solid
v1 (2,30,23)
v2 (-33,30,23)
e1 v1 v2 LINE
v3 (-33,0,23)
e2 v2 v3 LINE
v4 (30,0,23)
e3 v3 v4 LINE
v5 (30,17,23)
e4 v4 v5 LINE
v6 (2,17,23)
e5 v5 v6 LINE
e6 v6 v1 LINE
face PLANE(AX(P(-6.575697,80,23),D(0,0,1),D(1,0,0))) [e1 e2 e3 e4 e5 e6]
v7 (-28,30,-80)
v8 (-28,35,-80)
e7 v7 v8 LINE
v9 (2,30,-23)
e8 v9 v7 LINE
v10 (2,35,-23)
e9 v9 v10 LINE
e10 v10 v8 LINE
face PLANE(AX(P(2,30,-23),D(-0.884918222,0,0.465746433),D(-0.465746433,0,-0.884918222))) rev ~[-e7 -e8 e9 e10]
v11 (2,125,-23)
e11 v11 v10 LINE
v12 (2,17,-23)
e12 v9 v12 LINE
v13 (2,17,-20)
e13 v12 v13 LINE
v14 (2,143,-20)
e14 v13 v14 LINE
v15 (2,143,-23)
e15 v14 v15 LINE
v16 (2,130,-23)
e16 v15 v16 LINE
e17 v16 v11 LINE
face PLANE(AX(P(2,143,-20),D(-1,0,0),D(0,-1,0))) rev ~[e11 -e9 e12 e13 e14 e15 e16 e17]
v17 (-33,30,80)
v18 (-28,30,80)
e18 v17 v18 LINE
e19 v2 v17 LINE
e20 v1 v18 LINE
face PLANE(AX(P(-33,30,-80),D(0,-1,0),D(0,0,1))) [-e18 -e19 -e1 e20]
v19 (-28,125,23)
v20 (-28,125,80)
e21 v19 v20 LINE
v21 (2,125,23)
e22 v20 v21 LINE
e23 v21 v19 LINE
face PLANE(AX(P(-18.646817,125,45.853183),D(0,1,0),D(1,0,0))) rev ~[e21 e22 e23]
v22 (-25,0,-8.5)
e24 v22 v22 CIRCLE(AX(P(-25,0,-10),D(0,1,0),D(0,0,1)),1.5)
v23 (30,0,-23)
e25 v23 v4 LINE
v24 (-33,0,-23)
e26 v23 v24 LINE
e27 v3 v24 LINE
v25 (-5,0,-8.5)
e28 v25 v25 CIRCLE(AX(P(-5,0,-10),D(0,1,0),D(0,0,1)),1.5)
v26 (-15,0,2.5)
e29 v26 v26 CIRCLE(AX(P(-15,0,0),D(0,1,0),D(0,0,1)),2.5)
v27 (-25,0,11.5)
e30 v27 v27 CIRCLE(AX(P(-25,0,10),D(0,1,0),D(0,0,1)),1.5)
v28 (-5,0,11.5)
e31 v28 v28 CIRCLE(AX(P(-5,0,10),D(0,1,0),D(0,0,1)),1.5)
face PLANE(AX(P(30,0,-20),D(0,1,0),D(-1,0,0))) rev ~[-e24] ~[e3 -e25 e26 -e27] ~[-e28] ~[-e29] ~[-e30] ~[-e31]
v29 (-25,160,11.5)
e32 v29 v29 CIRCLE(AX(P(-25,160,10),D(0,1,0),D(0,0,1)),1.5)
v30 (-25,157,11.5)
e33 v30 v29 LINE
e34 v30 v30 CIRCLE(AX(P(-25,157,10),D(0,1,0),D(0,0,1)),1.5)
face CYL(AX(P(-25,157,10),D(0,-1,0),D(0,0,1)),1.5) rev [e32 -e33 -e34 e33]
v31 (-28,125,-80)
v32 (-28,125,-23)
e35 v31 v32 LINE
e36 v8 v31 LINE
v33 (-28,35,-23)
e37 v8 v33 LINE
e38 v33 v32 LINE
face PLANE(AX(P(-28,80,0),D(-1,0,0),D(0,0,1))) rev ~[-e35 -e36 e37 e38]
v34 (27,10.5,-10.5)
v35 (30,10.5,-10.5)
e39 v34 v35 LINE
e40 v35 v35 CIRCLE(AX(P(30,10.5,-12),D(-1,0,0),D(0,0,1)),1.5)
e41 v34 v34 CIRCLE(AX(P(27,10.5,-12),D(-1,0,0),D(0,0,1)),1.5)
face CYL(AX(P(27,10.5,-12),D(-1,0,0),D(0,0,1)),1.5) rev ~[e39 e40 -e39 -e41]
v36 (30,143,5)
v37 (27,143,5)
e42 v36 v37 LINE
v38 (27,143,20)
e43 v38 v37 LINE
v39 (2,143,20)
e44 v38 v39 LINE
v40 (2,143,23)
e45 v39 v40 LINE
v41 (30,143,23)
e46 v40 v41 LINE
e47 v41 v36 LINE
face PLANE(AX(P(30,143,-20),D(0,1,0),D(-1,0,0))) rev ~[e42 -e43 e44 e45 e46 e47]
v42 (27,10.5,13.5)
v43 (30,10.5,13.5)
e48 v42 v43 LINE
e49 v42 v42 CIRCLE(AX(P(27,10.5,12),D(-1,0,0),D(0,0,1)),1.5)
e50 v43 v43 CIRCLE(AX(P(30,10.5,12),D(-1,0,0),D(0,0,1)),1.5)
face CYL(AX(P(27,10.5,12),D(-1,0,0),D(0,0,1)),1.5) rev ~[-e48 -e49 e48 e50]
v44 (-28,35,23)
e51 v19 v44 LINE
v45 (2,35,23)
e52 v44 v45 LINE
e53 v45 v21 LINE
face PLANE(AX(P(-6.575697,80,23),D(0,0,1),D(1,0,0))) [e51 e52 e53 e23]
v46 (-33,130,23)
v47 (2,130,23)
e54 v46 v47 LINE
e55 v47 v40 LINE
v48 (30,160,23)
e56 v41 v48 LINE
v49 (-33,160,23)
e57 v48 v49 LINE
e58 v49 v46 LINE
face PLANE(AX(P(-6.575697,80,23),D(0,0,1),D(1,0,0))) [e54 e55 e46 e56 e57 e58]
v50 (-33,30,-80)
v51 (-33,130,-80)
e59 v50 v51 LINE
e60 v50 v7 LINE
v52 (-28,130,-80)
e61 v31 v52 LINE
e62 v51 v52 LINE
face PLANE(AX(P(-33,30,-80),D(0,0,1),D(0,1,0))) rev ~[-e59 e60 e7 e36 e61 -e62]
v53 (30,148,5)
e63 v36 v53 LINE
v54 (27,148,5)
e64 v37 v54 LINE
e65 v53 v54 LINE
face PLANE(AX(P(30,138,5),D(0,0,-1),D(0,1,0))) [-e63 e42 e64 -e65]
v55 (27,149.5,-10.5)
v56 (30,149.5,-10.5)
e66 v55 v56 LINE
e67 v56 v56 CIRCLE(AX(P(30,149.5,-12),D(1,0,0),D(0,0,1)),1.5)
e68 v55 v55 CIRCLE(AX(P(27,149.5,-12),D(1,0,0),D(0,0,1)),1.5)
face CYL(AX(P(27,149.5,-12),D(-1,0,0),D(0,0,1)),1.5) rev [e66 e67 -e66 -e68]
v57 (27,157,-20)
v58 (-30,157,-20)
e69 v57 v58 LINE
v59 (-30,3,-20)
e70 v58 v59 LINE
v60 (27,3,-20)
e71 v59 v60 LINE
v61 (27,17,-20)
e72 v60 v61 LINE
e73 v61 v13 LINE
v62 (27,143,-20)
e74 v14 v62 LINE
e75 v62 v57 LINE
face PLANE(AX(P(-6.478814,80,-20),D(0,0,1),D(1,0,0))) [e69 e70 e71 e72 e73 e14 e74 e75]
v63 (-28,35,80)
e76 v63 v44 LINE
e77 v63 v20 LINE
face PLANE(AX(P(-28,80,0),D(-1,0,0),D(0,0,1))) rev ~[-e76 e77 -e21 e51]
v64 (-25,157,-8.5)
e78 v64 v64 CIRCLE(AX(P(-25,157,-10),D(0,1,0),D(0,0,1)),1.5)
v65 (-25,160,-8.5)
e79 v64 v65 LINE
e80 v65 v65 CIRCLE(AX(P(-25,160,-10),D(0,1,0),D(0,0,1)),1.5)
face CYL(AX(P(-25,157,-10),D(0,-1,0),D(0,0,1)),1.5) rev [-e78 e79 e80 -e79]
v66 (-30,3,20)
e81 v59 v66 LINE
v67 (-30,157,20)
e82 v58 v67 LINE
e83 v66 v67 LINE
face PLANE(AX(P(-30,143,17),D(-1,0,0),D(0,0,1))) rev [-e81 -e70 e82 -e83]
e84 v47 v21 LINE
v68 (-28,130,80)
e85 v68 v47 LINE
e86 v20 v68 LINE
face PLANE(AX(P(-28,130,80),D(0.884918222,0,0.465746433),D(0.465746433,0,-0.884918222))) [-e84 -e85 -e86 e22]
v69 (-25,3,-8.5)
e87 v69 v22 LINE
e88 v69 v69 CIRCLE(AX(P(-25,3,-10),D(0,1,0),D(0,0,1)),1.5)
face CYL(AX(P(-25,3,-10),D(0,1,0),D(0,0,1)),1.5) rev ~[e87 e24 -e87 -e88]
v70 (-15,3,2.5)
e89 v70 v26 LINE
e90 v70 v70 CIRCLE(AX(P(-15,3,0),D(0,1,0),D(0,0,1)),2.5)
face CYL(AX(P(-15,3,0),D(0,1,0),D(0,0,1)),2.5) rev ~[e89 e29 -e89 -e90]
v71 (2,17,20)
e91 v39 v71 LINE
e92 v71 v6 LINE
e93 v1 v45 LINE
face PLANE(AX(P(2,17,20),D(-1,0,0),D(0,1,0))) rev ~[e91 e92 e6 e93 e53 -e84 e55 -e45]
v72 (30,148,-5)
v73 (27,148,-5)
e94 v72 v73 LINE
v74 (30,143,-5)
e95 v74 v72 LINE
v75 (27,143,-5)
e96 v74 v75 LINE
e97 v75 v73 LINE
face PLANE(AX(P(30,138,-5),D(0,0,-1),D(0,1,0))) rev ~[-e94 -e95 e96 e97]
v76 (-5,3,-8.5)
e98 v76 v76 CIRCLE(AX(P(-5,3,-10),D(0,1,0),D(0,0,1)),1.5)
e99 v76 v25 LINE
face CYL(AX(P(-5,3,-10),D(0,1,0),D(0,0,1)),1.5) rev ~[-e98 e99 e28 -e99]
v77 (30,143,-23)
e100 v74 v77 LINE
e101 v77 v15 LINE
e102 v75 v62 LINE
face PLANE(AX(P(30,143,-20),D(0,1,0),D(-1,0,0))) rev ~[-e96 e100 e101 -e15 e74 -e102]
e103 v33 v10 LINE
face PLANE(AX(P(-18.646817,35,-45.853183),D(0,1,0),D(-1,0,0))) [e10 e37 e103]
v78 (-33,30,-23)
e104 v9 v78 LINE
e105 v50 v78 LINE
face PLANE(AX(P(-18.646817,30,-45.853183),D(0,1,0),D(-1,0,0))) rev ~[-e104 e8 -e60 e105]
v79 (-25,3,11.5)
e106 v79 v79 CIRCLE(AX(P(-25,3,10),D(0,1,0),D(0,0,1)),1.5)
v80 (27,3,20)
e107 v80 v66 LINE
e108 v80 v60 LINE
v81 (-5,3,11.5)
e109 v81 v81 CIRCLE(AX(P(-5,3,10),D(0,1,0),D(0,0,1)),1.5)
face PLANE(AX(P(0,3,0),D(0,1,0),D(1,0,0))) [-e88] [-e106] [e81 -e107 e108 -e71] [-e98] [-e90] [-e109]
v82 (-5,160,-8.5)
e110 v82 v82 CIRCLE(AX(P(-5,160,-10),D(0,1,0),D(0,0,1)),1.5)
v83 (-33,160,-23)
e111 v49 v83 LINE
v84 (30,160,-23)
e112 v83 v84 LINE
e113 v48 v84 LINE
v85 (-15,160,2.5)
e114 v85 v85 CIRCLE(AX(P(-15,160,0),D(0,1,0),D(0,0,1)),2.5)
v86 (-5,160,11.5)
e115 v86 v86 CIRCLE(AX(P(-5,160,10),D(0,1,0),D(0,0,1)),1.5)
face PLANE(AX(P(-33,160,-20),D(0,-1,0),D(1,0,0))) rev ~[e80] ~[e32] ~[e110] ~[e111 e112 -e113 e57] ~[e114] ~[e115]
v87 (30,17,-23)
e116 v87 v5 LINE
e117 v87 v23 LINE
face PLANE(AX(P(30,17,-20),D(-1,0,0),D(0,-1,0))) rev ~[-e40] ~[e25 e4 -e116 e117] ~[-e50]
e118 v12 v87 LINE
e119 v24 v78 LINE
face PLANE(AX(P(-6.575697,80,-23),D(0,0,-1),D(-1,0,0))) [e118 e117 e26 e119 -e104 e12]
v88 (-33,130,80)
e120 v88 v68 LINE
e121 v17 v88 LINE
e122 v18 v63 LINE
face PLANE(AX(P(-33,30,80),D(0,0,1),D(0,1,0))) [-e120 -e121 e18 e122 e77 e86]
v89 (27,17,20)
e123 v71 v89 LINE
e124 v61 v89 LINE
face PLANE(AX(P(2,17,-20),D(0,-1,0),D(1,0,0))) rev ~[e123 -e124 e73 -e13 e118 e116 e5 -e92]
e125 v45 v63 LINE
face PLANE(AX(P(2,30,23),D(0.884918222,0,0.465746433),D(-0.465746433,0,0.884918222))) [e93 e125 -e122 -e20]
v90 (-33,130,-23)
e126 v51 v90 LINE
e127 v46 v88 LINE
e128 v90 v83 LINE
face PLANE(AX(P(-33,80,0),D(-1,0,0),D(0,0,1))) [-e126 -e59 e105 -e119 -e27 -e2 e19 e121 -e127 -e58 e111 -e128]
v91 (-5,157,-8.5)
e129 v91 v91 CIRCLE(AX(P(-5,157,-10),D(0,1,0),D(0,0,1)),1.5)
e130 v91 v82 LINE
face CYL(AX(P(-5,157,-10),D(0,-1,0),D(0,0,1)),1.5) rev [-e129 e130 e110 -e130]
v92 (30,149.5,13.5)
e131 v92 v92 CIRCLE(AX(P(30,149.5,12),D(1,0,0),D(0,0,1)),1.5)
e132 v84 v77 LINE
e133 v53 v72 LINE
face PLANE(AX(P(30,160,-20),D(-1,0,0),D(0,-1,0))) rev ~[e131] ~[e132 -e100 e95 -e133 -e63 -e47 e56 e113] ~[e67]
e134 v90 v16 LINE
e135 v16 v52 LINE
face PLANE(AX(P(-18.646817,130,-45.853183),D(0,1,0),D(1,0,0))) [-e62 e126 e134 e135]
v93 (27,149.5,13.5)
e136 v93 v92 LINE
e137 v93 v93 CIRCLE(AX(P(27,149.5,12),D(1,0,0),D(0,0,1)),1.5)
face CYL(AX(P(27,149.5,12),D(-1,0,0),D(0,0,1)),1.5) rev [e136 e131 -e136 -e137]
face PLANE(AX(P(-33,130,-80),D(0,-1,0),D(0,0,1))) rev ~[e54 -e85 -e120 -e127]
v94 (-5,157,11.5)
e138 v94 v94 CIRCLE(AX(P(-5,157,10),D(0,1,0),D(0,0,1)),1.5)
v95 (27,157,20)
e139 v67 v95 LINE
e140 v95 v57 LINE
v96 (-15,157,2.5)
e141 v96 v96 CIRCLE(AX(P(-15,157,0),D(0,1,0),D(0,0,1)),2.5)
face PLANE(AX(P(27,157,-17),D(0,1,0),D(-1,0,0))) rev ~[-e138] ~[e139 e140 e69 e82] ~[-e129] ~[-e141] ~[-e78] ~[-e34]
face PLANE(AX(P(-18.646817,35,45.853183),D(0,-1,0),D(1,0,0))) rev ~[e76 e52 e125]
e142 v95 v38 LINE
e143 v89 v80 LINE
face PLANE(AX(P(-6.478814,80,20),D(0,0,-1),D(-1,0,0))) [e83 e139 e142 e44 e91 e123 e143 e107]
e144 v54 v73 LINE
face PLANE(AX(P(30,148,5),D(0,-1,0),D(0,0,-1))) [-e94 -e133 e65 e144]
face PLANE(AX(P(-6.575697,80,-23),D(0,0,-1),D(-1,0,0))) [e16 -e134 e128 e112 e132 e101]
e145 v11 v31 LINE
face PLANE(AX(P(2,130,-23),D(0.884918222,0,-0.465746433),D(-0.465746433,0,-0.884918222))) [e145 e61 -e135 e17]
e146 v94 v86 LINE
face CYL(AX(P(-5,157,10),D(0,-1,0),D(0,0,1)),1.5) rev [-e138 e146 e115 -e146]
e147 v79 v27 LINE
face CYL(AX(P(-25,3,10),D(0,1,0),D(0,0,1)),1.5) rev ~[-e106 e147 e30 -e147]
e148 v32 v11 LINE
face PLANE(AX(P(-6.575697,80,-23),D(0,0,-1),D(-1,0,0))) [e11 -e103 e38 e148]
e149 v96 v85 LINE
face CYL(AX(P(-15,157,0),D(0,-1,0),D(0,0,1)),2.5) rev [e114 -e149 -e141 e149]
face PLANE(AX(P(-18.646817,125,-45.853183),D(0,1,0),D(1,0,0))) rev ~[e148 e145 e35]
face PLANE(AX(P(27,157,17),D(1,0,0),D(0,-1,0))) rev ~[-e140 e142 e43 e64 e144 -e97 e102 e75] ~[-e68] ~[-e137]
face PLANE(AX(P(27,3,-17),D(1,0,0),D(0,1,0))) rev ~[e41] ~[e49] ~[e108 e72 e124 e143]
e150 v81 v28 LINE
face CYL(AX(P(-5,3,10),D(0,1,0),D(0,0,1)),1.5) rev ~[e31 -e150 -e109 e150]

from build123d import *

# Parameters (mm, degrees)
SKETCH1_W       = 60
SKETCH1_H       = 40
EXTRUDE1_DEPTH  = 3
SKETCH2_W       = 3
SKETCH2_H       = 40
EXTRUDE2_DEPTH  = 14
SKETCH4_R       = 1.5
EXTRUDE3_DEPTH  = 15
SKETCH5_W       = 57
SKETCH5_H       = 14
EXTRUDE4_DEPTH  = 3
SKETCH6_W       = 57
SKETCH6_H       = 14
EXTRUDE5_DEPTH  = 3
SKETCH7_R       = 1.5
EXTRUDE6_DEPTH  = 3
SKETCH8_R       = 2.5
EXTRUDE7_DEPTH  = 3
SKETCH9_W       = 40
SKETCH9_H       = 17
EXTRUDE8_DEPTH  = 3
EXTRUDE9_DEPTH  = 63
EXTRUDE10_DEPTH = 3
EXTRUDE11_DEPTH = 3
EXTRUDE12_DEPTH = 3
EXTRUDE13_DEPTH = 3
SKETCH15_W      = 160
SKETCH15_H      = 100
EXTRUDE14_DEPTH = 5
EXTRUDE15_DEPTH = 5
EXTRUDE16_DEPTH = 5
SKETCH18_W      = 40
SKETCH18_H      = 100
EXTRUDE17_DEPTH = 2
SKETCH19_W      = 10
SKETCH19_H      = 10
EXTRUDE18_DEPTH = 5


with BuildPart() as part:
    # Sketch1 → Extrude1 (new body)
    with BuildSketch(Plane(origin=(0, 0, 0), x_dir=(1, 0, 0), z_dir=(0, 1, 0))):
        Rectangle(SKETCH1_W, SKETCH1_H)
    extrude(amount=EXTRUDE1_DEPTH)

    # Sketch2 → Extrude2 (add)
    with BuildSketch(Plane(origin=(0, 3, 0), x_dir=(1, 0, 0), z_dir=(0, 1, 0))):
        with Locations((28.5, 0)):
            Rectangle(SKETCH2_W, SKETCH2_H)
    extrude(amount=EXTRUDE2_DEPTH)

    # Sketch4 → Extrude3 (cut)
    with BuildSketch(Plane.ZY.offset(-27)):
        with Locations((-12, 10.5)):
            Circle(SKETCH4_R)
        with Locations((12, 10.5)):
            Circle(SKETCH4_R)
    extrude(amount=-EXTRUDE3_DEPTH, mode=Mode.SUBTRACT)

    # Sketch5 → Extrude4 (add)
    with BuildSketch(Plane(origin=(0, 0, -20), x_dir=(-1, 0, 0), z_dir=(0, 0, -1))):
        with Locations((1.5, 10)):
            Rectangle(SKETCH5_W, SKETCH5_H)
    extrude(amount=-EXTRUDE4_DEPTH)

    # Sketch6 → Extrude5 (add)
    with BuildSketch(Plane.XY.offset(20)):
        with Locations((-1.5, 10)):
            Rectangle(SKETCH6_W, SKETCH6_H)
    extrude(amount=-EXTRUDE5_DEPTH)

    # Sketch7 → Extrude6 (cut)
    with BuildSketch(Plane(origin=(0, 3, 0), x_dir=(1, 0, 0), z_dir=(0, 1, 0))):
        with Locations(Location((-5, 10, 0), (0, 0, 270))):
            Circle(SKETCH7_R)
        with Locations(Location((-25, 10, 0), (0, 0, 270))):
            Circle(SKETCH7_R)
        with Locations(Location((-25, -10, 0), (0, 0, 270))):
            Circle(SKETCH7_R)
        with Locations(Location((-5, -10, 0), (0, 0, 270))):
            Circle(SKETCH7_R)
    extrude(amount=-EXTRUDE6_DEPTH, mode=Mode.SUBTRACT)

    # Sketch8 → Extrude7 (cut)
    with BuildSketch(Plane(origin=(0, 3, 0), x_dir=(1, 0, 0), z_dir=(0, 1, 0))):
        with Locations(Location((-15, 0, 0), (0, 0, 270))):
            Circle(SKETCH8_R)
    extrude(amount=-EXTRUDE7_DEPTH, mode=Mode.SUBTRACT)

    # Sketch9 → Extrude8 (add)
    with BuildSketch(Plane.ZY.offset(30)):
        with Locations((0, 8.5)):
            Rectangle(SKETCH9_W, SKETCH9_H)
    extrude(amount=EXTRUDE8_DEPTH)

    # Sketch10 → Extrude9 (add)
    with BuildSketch(Plane(origin=(0, 17, 0), x_dir=(1, 0, 0), z_dir=(0, 1, 0))):
        Polygon((-30, -17), (-30, 17), (2, 17), (2, 20), (-33, 20), (-33, -20), (2, -20), (2, -17), align=None)
    extrude(amount=EXTRUDE9_DEPTH)

    # Mirror2: part across plane


with BuildPart() as part_1:
    add(part.part)
    add(part.part.mirror(Plane.ZX.offset(80)))

    # Sketch11 → Extrude10 (add)
    with BuildSketch(Plane.XY.offset(20)):
        Polygon((-33, 0), (30, 0), (30, 17), (2, 17), (2, 143), (30, 143), (30, 160), (-33, 160), align=None)
    extrude(amount=EXTRUDE10_DEPTH)

    # Sketch12 → Extrude11 (add)
    with BuildSketch(Plane(origin=(0, 0, -20), x_dir=(-1, 0, 0), z_dir=(0, 0, -1))):
        Polygon((-30, 0), (33, 0), (33, 160), (-30, 160), (-30, 143), (-2, 143), (-2, 17), (-30, 17), align=None)
    extrude(amount=EXTRUDE11_DEPTH)

    # Sketch13 → Extrude12 (cut)
    with BuildSketch(Plane(origin=(0, 0, 17), x_dir=(-1, 0, 0), z_dir=(0, 0, -1))):
        Polygon((-27, 17), (-27, 3), (30, 3), (30, 157), (-27, 157), (-27, 143), (-2, 143), (-2, 17), align=None)
    extrude(amount=-EXTRUDE12_DEPTH, mode=Mode.SUBTRACT)

    # Sketch14 → Extrude13 (cut)
    with BuildSketch(Plane.XY.offset(-17)):
        Polygon((27, 17), (2, 17), (2, 143), (27, 143), (27, 157), (-30, 157), (-30, 3), (27, 3), align=None)
    extrude(amount=-EXTRUDE13_DEPTH, mode=Mode.SUBTRACT)

    # Sketch15 → Extrude14 (add)
    with BuildSketch(Plane.ZY.offset(33)):
        with Locations((0, 80)):
            Rectangle(SKETCH15_W, SKETCH15_H)
    extrude(amount=-EXTRUDE14_DEPTH)

    # Sketch16 → Extrude15 (add)
    with BuildSketch(Plane.XZ.offset(-30)):
        Polygon((-28, -23), (2, -23), (-28, -80), align=None)
        Polygon((-28, 23), (2, 23), (-28, 80), align=None)
    extrude(amount=-EXTRUDE15_DEPTH)

    # Sketch17 → Extrude16 (add)
    with BuildSketch(Plane(origin=(0, 130, 0), x_dir=(1, 0, 0), z_dir=(0, 1, 0))):
        Polygon((-28, 80), (-28, 23), (2, 23), align=None)
        Polygon((-28, -23), (-28, -80), (2, -23), align=None)
    extrude(amount=-EXTRUDE16_DEPTH)

    # Sketch18 → Extrude17 (cut)
    with BuildSketch(Plane(origin=(-28, 0, 0), x_dir=(0, 0, -1), z_dir=(1, 0, 0))):
        with Locations((0, 80)):
            Rectangle(SKETCH18_W, SKETCH18_H)
    extrude(amount=-EXTRUDE17_DEPTH, mode=Mode.SUBTRACT)

    # Sketch19 → Extrude18 (cut)
    with BuildSketch(Plane(origin=(30, 0, 0), x_dir=(0, 0, -1), z_dir=(1, 0, 0))):
        with Locations((0, 143)):
            Rectangle(SKETCH19_W, SKETCH19_H)
    extrude(amount=-EXTRUDE18_DEPTH, mode=Mode.SUBTRACT)


solid = part_1.part
